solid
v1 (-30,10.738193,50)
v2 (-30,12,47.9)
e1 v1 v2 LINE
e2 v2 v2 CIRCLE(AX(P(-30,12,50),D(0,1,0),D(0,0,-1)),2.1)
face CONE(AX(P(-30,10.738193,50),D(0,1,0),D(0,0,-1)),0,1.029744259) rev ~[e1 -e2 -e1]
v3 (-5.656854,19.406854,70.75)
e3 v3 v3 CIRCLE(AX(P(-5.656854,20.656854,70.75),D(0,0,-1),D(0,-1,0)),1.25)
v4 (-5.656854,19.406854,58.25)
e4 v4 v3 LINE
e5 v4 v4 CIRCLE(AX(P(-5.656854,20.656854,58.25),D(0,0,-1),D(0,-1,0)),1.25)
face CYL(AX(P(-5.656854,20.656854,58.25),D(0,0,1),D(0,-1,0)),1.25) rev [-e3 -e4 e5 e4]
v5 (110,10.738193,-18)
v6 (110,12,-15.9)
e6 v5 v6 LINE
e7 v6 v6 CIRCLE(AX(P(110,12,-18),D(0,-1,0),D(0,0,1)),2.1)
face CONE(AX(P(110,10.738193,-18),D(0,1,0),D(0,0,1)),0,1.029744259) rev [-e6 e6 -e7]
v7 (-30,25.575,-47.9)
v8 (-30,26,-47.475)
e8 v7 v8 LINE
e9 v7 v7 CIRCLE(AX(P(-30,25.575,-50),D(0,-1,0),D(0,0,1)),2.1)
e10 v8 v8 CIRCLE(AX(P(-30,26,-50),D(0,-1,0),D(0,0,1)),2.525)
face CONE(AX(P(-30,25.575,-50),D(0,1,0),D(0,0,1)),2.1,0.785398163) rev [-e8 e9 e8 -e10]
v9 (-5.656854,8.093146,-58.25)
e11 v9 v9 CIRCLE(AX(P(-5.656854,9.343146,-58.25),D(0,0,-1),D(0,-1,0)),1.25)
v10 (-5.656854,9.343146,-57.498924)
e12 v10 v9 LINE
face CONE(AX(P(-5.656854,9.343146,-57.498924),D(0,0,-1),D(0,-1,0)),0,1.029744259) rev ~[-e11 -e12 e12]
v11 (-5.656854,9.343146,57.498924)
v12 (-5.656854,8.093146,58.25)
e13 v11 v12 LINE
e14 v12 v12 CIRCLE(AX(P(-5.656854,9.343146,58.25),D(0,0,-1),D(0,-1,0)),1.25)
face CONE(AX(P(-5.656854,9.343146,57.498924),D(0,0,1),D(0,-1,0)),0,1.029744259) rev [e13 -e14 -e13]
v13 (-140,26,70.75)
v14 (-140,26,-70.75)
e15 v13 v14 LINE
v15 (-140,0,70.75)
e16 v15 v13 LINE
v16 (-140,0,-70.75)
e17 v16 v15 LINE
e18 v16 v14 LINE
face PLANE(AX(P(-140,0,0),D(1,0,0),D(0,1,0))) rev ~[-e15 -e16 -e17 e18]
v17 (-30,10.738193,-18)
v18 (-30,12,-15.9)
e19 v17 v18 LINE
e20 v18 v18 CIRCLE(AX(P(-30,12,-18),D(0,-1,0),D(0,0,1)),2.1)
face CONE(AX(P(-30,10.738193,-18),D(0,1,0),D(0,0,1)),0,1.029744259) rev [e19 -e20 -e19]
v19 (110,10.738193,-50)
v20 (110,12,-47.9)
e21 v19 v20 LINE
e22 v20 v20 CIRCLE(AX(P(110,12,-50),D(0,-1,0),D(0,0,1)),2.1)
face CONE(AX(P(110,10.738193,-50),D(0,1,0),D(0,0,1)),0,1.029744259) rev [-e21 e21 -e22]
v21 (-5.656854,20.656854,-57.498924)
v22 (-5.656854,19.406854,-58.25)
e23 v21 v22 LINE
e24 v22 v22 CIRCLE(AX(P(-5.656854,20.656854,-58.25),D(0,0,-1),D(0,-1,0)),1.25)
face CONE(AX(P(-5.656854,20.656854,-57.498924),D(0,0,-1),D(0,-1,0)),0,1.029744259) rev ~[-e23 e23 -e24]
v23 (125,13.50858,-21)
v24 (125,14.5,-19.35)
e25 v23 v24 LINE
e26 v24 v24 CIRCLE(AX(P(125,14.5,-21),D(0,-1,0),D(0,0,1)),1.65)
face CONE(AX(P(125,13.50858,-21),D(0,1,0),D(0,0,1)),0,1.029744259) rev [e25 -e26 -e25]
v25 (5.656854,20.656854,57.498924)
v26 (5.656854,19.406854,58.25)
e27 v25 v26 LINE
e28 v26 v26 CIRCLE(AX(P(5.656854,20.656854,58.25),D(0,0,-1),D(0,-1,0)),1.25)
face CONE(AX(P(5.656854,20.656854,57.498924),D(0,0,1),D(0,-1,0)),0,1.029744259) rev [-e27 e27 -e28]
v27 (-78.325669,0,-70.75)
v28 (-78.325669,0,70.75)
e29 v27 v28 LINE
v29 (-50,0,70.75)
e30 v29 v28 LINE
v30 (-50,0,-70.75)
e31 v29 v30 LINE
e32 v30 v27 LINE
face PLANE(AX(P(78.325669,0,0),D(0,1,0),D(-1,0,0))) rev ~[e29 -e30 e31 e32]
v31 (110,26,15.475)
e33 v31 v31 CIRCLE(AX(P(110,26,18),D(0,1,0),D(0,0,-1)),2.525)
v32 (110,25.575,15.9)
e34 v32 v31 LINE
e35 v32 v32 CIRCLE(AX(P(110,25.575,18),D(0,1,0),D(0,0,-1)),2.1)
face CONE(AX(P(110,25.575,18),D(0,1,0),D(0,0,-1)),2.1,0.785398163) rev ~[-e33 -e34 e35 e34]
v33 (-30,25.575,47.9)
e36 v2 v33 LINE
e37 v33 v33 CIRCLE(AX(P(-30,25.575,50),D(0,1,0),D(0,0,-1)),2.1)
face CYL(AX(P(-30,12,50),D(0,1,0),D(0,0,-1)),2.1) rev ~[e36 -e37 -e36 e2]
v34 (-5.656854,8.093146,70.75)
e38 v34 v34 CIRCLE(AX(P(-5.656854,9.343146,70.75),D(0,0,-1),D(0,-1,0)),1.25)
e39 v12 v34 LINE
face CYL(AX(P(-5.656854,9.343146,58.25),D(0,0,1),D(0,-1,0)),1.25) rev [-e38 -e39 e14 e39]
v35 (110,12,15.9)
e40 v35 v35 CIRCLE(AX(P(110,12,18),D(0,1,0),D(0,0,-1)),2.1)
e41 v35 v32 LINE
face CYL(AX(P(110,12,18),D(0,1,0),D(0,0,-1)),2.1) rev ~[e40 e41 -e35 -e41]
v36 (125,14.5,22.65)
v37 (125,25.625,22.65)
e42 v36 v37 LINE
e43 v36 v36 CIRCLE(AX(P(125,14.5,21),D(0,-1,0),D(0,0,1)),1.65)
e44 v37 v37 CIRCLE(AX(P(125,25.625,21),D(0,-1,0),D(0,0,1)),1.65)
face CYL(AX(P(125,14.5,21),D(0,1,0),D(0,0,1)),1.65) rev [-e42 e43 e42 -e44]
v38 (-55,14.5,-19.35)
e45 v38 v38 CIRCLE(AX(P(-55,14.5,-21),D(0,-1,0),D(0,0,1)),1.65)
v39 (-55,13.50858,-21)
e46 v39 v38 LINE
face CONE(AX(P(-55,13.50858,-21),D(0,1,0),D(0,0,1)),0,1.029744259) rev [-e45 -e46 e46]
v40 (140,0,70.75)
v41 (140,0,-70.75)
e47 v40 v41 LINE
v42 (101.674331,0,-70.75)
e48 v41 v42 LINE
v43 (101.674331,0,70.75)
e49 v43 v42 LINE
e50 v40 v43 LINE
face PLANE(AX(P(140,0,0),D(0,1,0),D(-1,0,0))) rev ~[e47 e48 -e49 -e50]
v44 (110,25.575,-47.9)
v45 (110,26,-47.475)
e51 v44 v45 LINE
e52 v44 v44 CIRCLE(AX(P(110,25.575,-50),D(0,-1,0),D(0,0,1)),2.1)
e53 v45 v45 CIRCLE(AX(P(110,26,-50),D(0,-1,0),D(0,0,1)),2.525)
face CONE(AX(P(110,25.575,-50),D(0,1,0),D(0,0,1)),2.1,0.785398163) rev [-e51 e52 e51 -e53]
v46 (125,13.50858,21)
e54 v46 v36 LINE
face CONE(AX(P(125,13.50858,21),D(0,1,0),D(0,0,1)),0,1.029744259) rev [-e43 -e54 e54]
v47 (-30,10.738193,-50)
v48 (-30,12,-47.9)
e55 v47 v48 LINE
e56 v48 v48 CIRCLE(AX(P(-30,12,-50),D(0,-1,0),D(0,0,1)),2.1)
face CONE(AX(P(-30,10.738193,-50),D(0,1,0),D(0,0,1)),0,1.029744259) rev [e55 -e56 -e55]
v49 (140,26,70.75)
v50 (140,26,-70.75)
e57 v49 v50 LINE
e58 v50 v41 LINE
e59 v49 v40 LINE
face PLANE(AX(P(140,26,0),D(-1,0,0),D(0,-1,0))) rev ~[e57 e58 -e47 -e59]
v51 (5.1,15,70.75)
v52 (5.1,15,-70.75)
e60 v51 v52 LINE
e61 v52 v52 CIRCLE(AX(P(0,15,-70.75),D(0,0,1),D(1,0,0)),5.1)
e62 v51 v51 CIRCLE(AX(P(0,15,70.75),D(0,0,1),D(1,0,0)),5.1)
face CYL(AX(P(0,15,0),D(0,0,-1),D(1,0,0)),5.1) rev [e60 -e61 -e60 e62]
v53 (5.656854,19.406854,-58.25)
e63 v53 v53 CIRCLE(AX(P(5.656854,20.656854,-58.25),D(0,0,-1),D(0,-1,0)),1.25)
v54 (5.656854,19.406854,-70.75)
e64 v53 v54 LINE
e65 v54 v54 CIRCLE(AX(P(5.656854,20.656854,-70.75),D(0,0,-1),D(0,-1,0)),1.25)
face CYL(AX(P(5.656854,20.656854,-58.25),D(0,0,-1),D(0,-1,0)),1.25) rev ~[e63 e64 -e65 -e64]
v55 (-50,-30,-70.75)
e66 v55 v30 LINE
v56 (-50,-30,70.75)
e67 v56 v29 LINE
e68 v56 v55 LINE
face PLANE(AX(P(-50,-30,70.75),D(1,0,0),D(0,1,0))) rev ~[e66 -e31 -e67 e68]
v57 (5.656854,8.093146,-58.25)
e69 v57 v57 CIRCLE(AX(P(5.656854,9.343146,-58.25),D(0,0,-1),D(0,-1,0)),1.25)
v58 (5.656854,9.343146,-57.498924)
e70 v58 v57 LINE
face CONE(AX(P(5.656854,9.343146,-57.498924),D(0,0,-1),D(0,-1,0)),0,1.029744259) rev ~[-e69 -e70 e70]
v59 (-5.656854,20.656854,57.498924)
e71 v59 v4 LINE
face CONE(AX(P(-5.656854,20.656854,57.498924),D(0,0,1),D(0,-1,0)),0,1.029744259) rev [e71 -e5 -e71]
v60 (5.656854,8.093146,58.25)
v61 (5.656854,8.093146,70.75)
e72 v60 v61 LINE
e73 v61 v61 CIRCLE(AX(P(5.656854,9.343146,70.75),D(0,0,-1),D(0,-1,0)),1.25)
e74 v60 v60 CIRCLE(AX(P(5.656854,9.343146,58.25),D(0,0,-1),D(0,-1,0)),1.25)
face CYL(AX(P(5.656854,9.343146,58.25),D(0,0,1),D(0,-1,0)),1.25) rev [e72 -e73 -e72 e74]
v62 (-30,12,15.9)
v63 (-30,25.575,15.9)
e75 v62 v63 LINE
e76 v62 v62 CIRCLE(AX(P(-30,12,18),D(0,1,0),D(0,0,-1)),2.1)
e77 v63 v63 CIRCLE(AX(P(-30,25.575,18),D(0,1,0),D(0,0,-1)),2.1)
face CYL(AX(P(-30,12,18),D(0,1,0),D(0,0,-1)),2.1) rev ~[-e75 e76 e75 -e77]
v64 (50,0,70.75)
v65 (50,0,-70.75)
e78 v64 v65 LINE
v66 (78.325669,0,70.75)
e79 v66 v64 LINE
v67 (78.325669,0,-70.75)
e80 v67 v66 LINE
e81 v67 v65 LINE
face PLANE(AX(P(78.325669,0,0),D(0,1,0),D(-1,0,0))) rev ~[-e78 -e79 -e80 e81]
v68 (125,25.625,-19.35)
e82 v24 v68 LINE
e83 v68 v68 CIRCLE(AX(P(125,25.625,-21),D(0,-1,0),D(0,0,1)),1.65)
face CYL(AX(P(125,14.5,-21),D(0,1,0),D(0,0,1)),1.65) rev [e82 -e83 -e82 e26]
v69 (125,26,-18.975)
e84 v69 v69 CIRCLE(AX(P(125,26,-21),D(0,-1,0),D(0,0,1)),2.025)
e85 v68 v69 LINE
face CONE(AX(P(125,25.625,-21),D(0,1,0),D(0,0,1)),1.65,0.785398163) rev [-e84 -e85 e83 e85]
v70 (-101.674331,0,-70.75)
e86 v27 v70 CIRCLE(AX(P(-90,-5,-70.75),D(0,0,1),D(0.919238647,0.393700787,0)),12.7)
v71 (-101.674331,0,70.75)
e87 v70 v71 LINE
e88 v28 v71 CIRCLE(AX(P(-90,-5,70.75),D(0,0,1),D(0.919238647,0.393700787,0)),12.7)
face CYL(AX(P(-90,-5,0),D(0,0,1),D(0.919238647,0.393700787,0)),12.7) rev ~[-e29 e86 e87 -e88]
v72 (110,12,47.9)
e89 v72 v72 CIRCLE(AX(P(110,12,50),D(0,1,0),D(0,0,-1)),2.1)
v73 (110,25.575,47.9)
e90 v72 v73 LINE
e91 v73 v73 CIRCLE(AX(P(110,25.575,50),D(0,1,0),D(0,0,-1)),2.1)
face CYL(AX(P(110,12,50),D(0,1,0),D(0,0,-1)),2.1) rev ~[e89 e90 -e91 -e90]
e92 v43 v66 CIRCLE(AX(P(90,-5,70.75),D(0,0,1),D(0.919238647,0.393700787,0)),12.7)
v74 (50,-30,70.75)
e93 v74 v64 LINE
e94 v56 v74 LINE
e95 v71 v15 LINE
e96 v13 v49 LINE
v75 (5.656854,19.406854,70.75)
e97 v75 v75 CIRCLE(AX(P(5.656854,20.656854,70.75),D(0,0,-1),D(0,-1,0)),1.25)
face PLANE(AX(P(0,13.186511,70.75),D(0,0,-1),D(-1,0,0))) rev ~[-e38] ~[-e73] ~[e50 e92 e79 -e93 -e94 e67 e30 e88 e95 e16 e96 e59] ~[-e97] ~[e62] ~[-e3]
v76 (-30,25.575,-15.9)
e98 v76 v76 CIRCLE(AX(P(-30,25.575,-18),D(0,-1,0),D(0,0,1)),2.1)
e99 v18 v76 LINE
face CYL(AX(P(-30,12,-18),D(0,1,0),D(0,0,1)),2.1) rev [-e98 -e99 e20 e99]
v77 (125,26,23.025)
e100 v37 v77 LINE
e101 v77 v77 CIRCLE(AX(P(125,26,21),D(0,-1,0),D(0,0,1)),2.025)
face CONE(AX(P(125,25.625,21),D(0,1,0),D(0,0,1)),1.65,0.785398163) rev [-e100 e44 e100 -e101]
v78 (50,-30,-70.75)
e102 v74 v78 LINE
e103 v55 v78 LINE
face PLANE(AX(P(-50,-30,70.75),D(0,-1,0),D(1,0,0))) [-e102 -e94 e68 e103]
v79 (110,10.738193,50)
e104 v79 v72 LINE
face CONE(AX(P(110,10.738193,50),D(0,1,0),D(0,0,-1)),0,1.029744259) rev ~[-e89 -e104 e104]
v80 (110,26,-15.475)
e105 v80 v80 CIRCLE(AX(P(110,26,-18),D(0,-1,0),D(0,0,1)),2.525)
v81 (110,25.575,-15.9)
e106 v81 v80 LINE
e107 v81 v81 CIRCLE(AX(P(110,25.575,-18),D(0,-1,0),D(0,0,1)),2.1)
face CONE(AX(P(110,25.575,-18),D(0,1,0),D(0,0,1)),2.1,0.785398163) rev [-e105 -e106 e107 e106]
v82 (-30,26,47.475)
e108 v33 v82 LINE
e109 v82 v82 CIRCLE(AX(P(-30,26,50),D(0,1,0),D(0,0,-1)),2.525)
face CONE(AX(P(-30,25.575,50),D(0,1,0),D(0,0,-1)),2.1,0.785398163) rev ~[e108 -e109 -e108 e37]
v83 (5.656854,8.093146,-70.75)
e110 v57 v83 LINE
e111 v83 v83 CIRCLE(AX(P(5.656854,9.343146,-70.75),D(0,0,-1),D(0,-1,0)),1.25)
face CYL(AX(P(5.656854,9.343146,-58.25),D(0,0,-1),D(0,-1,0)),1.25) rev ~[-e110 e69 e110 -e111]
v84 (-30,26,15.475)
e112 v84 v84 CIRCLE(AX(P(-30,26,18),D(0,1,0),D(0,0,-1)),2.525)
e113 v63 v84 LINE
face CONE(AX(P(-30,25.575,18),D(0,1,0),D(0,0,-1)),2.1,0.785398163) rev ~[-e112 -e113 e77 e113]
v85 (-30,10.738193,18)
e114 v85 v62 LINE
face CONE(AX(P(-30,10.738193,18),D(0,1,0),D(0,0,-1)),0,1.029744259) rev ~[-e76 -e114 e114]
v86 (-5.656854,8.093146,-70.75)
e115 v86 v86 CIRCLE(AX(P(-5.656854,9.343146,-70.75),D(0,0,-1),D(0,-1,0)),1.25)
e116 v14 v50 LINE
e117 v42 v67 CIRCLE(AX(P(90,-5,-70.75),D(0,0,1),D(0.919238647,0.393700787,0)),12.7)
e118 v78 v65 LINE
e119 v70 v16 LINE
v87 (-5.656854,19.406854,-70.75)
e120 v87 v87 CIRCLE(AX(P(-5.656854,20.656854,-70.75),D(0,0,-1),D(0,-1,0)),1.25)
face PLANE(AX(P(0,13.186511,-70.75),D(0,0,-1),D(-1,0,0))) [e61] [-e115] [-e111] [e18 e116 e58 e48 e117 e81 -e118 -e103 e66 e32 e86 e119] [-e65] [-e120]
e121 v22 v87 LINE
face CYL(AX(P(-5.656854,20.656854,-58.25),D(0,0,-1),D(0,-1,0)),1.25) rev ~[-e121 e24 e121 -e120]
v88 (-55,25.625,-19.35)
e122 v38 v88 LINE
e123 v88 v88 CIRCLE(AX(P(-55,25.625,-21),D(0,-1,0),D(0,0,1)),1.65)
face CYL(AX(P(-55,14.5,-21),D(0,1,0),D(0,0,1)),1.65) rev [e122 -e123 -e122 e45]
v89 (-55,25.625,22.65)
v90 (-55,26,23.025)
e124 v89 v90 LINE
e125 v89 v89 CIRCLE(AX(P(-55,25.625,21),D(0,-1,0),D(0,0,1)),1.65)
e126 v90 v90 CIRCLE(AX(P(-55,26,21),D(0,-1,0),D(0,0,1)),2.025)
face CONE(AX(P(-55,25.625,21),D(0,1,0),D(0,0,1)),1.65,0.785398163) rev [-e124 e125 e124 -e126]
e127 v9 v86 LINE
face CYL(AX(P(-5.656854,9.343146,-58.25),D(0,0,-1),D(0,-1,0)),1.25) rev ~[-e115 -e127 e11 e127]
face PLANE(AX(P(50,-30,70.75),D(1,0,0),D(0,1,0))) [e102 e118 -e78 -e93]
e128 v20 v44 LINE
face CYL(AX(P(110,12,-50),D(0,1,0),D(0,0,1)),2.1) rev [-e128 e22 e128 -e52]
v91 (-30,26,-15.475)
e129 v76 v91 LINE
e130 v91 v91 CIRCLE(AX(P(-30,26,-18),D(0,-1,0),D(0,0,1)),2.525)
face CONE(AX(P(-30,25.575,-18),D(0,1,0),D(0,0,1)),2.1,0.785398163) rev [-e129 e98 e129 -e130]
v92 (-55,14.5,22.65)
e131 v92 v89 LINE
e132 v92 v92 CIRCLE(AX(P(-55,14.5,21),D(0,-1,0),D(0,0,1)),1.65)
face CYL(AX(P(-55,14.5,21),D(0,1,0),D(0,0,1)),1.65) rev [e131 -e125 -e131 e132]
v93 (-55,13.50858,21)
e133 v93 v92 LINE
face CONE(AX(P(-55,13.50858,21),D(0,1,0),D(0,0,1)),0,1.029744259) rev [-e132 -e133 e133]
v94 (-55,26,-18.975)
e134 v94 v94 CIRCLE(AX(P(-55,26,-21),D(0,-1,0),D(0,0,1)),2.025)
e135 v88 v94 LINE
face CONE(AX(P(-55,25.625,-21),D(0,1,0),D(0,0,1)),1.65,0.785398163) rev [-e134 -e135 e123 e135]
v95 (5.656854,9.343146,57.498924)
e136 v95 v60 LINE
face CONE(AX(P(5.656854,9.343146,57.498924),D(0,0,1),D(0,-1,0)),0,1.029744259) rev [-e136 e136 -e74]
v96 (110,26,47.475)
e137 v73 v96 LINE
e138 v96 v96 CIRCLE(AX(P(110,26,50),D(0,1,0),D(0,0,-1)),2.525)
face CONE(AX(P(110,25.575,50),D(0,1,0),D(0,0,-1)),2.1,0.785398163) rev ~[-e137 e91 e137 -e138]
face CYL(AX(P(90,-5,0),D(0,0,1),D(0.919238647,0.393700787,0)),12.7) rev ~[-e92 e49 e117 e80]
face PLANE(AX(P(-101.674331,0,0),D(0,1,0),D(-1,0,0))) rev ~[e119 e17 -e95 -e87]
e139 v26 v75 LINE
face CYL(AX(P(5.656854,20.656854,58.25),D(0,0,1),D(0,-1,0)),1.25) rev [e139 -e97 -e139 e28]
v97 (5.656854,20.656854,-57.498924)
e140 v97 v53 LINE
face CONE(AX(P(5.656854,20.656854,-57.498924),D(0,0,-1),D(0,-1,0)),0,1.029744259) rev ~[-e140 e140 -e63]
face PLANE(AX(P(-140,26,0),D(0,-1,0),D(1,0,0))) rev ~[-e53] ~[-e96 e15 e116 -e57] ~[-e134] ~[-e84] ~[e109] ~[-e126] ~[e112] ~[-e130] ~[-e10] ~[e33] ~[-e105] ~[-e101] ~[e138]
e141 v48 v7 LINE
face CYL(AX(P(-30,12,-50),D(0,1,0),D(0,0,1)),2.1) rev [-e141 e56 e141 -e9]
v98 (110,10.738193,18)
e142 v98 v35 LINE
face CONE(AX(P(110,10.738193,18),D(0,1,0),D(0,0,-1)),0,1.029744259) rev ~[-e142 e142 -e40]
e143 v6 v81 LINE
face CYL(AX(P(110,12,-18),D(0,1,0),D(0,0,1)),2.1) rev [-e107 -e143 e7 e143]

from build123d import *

# Parameters (mm, degrees)
SKETCH1_R                          = 5.1
BOSS_EXTRUDE1_DEPTH                = 70.75
FURO_ROSCADO_DE_M5X0_81_AT_2_COUNT = 2
FURO_ROSCADO_DE_M5X0_81_AT_2_PITCH = 32
M3X0_5_TAPPED_HOLE1_AT_2_COUNT     = 2
M3X0_5_TAPPED_HOLE1_AT_2_PITCH     = 11.313708499
M3X0_5_TAPPED_HOLE1_AT_3_COUNT     = 2
M3X0_5_TAPPED_HOLE1_AT_3_PITCH     = 11.313708499
M3X0_5_TAPPED_HOLE1_AT_4_COUNT     = 2
M3X0_5_TAPPED_HOLE1_AT_4_PITCH     = 16
FURO_ROSCADO_DE_M4X0_71_AT_2_COUNT = 2
FURO_ROSCADO_DE_M4X0_71_AT_2_PITCH = 42
PADR_O_LINEAR1_COUNT               = 2
PADR_O_LINEAR1_PITCH               = 180
SKETCH5_W                          = 100
SKETCH5_H                          = 30
BOSS_EXTRUDE2_DEPTH                = 141.5
LPATTERN1_COUNT                    = 2
LPATTERN1_PITCH                    = 140


with BuildPart() as part:
    # Sketch1 → Boss-Extrude1 (new, symmetric)
    with BuildSketch(Plane.XY):
        with BuildLine():
            Line((-140, 0), (-140, 26))
            Line((-140, 26), (140, 26))
            Line((140, 26), (140, 0))
            Line((140, 0), (101.674330816, 0))
            ThreePointArc((101.674330816, 0), (90, 7.7), (78.325669184, 0))
            Line((78.325669184, 0), (-78.325669184, 0))
            ThreePointArc((-78.325669184, 0), (-90, 7.7), (-101.674330816, 0))
            Line((-101.674330816, 0), (-140, 0))
        make_face()
        with Locations((0, 15)):
            Circle(SKETCH1_R, mode=Mode.SUBTRACT)
    extrude(amount=BOSS_EXTRUDE1_DEPTH, both=True)

    # Esboço3 → Furo roscado de M5x0.81 (revolve, cut)
    with BuildSketch(Plane(origin=(110, 26, -50), x_dir=(0, 0, 1), z_dir=(1, 0, 0))):
        Polygon((0, 0), (0, 15.2618073), (2.1, 14), (2.1, 0.425), (2.525, 0), align=None)
    furo_roscado_de_m5x0_81 = revolve(axis=Axis((110, 32.35, -50), (0, -1, 0)), mode=Mode.SUBTRACT)

    # Furo roscado de M5x0.81 at 2: Furo roscado de M5x0.81 ×2
    with Locations(*[(0, 0, i * FURO_ROSCADO_DE_M5X0_81_AT_2_PITCH) for i in range(1, FURO_ROSCADO_DE_M5X0_81_AT_2_COUNT)]):
        add(furo_roscado_de_m5x0_81, mode=Mode.SUBTRACT)

    # Sketch4 → M3x0.5 Tapped Hole1 (revolve, cut)
    with BuildSketch(Plane(origin=(-5.656854249, 20.656854249, 70.75), x_dir=(0, -1, 0), z_dir=(1, 0, 0))):
        Polygon((0, 0), (0, 13.251075774), (1.25, 12.5), (1.25, 0), align=None)
    m3x0_5_tapped_hole1 = revolve(axis=Axis((-5.656854249, 20.656854249, 77.1), (0, 0, -1)), mode=Mode.SUBTRACT)

    # M3x0.5 Tapped Hole1 at 2: M3x0.5 Tapped Hole1 ×2
    with Locations(*[(i * M3X0_5_TAPPED_HOLE1_AT_2_PITCH, 0, 0) for i in range(1, M3X0_5_TAPPED_HOLE1_AT_2_COUNT)]):
        add(m3x0_5_tapped_hole1, mode=Mode.SUBTRACT)

    # M3x0.5 Tapped Hole1 at 3: M3x0.5 Tapped Hole1 ×2
    with Locations(*[(0, -i * M3X0_5_TAPPED_HOLE1_AT_3_PITCH, 0) for i in range(1, M3X0_5_TAPPED_HOLE1_AT_3_COUNT)]):
        add(m3x0_5_tapped_hole1, mode=Mode.SUBTRACT)

    # M3x0.5 Tapped Hole1 at 4: M3x0.5 Tapped Hole1 ×2
    with Locations(*[Vector(0.7071067811865596, -0.7071067811865357, 0) * (i * M3X0_5_TAPPED_HOLE1_AT_4_PITCH) for i in range(1, M3X0_5_TAPPED_HOLE1_AT_4_COUNT)]):
        add(m3x0_5_tapped_hole1, mode=Mode.SUBTRACT)

    # Mirror2: M3x0.5 Tapped Hole1 across plane
    add(m3x0_5_tapped_hole1.mirror(Plane.XY), mode=Mode.SUBTRACT)

    # Mirror2 copy 1 sketch → Mirror2 copy 1 (revolve, cut)
    with BuildSketch(Plane(origin=(5.656854249, 20.656854249, -70.75), x_dir=(0, -1, 0), z_dir=(1, 0, 0))):
        Polygon((0, 0), (0, -13.251075774), (1.25, -12.5), (1.25, 0), align=None)
    revolve(axis=Axis((5.656854249, 20.656854249, -77.1), (0, 0, -1)), mode=Mode.SUBTRACT)

    # Mirror2 copy 2 sketch → Mirror2 copy 2 (revolve, cut)
    with BuildSketch(Plane(origin=(-5.656854249, 9.343145751, -70.75), x_dir=(0, -1, 0), z_dir=(1, 0, 0))):
        Polygon((0, 0), (0, -13.251075774), (1.25, -12.5), (1.25, 0), align=None)
    revolve(axis=Axis((-5.656854249, 9.343145751, -77.1), (0, 0, -1)), mode=Mode.SUBTRACT)

    # Mirror2 copy 3 sketch → Mirror2 copy 3 (revolve, cut)
    with BuildSketch(Plane(origin=(5.656854249, 9.343145751, -70.75), x_dir=(0, -1, 0), z_dir=(1, 0, 0))):
        Polygon((0, 0), (0, -13.251075774), (1.25, -12.5), (1.25, 0), align=None)
    revolve(axis=Axis((5.656854249, 9.343145751, -77.1), (0, 0, -1)), mode=Mode.SUBTRACT)

    # Esboço7 → Furo roscado de M4x0.71 (revolve, cut)
    with BuildSketch(Plane(origin=(-55, 26, -21), x_dir=(0, 0, 1), z_dir=(1, 0, 0))):
        Polygon((0, 0), (0, 12.491420021), (1.65, 11.5), (1.65, 0.375), (2.025, 0), align=None)
    furo_roscado_de_m4x0_71 = revolve(axis=Axis((-55, 32.35, -21), (0, -1, 0)), mode=Mode.SUBTRACT)

    # Furo roscado de M4x0.71 at 2: Furo roscado de M4x0.71 ×2
    with Locations(*[(0, 0, i * FURO_ROSCADO_DE_M4X0_71_AT_2_PITCH) for i in range(1, FURO_ROSCADO_DE_M4X0_71_AT_2_COUNT)]):
        add(furo_roscado_de_m4x0_71, mode=Mode.SUBTRACT)

    # Padrão linear1: Furo roscado de M4x0.71 ×2
    with Locations(*[(i * PADR_O_LINEAR1_PITCH, 0, 0) for i in range(1, PADR_O_LINEAR1_COUNT)]):
        add(furo_roscado_de_m4x0_71, mode=Mode.SUBTRACT)

    # Padrão linear1 copy 1 sketch → Padrão linear1 copy 1 (revolve, cut)
    with BuildSketch(Plane(origin=(125, 26, 21), x_dir=(0, 0, 1), z_dir=(1, 0, 0))):
        Polygon((0, 0), (0, 12.491420021), (1.65, 11.5), (1.65, 0.375), (2.025, 0), align=None)
    revolve(axis=Axis((125, 32.35, 21), (0, -1, 0)), mode=Mode.SUBTRACT)

    # Sketch5 → Boss-Extrude2 (add)
    with BuildSketch(Plane.XY.offset(70.75)):
        with Locations((0, -15)):
            Rectangle(SKETCH5_W, SKETCH5_H)
    extrude(amount=-BOSS_EXTRUDE2_DEPTH)

    # LPattern1: Furo roscado de M5x0.81 ×2
    with Locations(*[(-i * LPATTERN1_PITCH, 0, 0) for i in range(1, LPATTERN1_COUNT)]):
        add(furo_roscado_de_m5x0_81, mode=Mode.SUBTRACT)

    # LPattern1 copy 1 sketch → LPattern1 copy 1 (revolve, cut)
    with BuildSketch(Plane(origin=(-30, 26, -18), x_dir=(0, 0, 1), z_dir=(1, 0, 0))):
        Polygon((0, 0), (0, 15.2618073), (2.1, 14), (2.1, 0.425), (2.525, 0), align=None)
    revolve(axis=Axis((-30, 32.35, -18), (0, -1, 0)), mode=Mode.SUBTRACT)

    # Mirror3: Furo roscado de M5x0.81 across plane
    add(furo_roscado_de_m5x0_81.mirror(Plane.XY), mode=Mode.SUBTRACT)

    # Mirror3 copy 1 sketch → Mirror3 copy 1 (revolve, cut)
    with BuildSketch(Plane(origin=(110, 26, 18), x_dir=(0, 0, -1), z_dir=(1, 0, 0))):
        Polygon((0, 0), (0, -15.2618073), (2.1, -14), (2.1, -0.425), (2.525, 0), align=None)
    revolve(axis=Axis((110, 32.35, 18), (0, 1, 0)), mode=Mode.SUBTRACT)

    # Mirror3 copy 2 sketch → Mirror3 copy 2 (revolve, cut)
    with BuildSketch(Plane(origin=(-30, 26, 50), x_dir=(0, 0, -1), z_dir=(1, 0, 0))):
        Polygon((0, 0), (0, -15.2618073), (2.1, -14), (2.1, -0.425), (2.525, 0), align=None)
    revolve(axis=Axis((-30, 32.35, 50), (0, 1, 0)), mode=Mode.SUBTRACT)

    # Mirror3 copy 3 sketch → Mirror3 copy 3 (revolve, cut)
    with BuildSketch(Plane(origin=(-30, 26, 18), x_dir=(0, 0, -1), z_dir=(1, 0, 0))):
        Polygon((0, 0), (0, -15.2618073), (2.1, -14), (2.1, -0.425), (2.525, 0), align=None)
    revolve(axis=Axis((-30, 32.35, 18), (0, 1, 0)), mode=Mode.SUBTRACT)


solid = part.part
